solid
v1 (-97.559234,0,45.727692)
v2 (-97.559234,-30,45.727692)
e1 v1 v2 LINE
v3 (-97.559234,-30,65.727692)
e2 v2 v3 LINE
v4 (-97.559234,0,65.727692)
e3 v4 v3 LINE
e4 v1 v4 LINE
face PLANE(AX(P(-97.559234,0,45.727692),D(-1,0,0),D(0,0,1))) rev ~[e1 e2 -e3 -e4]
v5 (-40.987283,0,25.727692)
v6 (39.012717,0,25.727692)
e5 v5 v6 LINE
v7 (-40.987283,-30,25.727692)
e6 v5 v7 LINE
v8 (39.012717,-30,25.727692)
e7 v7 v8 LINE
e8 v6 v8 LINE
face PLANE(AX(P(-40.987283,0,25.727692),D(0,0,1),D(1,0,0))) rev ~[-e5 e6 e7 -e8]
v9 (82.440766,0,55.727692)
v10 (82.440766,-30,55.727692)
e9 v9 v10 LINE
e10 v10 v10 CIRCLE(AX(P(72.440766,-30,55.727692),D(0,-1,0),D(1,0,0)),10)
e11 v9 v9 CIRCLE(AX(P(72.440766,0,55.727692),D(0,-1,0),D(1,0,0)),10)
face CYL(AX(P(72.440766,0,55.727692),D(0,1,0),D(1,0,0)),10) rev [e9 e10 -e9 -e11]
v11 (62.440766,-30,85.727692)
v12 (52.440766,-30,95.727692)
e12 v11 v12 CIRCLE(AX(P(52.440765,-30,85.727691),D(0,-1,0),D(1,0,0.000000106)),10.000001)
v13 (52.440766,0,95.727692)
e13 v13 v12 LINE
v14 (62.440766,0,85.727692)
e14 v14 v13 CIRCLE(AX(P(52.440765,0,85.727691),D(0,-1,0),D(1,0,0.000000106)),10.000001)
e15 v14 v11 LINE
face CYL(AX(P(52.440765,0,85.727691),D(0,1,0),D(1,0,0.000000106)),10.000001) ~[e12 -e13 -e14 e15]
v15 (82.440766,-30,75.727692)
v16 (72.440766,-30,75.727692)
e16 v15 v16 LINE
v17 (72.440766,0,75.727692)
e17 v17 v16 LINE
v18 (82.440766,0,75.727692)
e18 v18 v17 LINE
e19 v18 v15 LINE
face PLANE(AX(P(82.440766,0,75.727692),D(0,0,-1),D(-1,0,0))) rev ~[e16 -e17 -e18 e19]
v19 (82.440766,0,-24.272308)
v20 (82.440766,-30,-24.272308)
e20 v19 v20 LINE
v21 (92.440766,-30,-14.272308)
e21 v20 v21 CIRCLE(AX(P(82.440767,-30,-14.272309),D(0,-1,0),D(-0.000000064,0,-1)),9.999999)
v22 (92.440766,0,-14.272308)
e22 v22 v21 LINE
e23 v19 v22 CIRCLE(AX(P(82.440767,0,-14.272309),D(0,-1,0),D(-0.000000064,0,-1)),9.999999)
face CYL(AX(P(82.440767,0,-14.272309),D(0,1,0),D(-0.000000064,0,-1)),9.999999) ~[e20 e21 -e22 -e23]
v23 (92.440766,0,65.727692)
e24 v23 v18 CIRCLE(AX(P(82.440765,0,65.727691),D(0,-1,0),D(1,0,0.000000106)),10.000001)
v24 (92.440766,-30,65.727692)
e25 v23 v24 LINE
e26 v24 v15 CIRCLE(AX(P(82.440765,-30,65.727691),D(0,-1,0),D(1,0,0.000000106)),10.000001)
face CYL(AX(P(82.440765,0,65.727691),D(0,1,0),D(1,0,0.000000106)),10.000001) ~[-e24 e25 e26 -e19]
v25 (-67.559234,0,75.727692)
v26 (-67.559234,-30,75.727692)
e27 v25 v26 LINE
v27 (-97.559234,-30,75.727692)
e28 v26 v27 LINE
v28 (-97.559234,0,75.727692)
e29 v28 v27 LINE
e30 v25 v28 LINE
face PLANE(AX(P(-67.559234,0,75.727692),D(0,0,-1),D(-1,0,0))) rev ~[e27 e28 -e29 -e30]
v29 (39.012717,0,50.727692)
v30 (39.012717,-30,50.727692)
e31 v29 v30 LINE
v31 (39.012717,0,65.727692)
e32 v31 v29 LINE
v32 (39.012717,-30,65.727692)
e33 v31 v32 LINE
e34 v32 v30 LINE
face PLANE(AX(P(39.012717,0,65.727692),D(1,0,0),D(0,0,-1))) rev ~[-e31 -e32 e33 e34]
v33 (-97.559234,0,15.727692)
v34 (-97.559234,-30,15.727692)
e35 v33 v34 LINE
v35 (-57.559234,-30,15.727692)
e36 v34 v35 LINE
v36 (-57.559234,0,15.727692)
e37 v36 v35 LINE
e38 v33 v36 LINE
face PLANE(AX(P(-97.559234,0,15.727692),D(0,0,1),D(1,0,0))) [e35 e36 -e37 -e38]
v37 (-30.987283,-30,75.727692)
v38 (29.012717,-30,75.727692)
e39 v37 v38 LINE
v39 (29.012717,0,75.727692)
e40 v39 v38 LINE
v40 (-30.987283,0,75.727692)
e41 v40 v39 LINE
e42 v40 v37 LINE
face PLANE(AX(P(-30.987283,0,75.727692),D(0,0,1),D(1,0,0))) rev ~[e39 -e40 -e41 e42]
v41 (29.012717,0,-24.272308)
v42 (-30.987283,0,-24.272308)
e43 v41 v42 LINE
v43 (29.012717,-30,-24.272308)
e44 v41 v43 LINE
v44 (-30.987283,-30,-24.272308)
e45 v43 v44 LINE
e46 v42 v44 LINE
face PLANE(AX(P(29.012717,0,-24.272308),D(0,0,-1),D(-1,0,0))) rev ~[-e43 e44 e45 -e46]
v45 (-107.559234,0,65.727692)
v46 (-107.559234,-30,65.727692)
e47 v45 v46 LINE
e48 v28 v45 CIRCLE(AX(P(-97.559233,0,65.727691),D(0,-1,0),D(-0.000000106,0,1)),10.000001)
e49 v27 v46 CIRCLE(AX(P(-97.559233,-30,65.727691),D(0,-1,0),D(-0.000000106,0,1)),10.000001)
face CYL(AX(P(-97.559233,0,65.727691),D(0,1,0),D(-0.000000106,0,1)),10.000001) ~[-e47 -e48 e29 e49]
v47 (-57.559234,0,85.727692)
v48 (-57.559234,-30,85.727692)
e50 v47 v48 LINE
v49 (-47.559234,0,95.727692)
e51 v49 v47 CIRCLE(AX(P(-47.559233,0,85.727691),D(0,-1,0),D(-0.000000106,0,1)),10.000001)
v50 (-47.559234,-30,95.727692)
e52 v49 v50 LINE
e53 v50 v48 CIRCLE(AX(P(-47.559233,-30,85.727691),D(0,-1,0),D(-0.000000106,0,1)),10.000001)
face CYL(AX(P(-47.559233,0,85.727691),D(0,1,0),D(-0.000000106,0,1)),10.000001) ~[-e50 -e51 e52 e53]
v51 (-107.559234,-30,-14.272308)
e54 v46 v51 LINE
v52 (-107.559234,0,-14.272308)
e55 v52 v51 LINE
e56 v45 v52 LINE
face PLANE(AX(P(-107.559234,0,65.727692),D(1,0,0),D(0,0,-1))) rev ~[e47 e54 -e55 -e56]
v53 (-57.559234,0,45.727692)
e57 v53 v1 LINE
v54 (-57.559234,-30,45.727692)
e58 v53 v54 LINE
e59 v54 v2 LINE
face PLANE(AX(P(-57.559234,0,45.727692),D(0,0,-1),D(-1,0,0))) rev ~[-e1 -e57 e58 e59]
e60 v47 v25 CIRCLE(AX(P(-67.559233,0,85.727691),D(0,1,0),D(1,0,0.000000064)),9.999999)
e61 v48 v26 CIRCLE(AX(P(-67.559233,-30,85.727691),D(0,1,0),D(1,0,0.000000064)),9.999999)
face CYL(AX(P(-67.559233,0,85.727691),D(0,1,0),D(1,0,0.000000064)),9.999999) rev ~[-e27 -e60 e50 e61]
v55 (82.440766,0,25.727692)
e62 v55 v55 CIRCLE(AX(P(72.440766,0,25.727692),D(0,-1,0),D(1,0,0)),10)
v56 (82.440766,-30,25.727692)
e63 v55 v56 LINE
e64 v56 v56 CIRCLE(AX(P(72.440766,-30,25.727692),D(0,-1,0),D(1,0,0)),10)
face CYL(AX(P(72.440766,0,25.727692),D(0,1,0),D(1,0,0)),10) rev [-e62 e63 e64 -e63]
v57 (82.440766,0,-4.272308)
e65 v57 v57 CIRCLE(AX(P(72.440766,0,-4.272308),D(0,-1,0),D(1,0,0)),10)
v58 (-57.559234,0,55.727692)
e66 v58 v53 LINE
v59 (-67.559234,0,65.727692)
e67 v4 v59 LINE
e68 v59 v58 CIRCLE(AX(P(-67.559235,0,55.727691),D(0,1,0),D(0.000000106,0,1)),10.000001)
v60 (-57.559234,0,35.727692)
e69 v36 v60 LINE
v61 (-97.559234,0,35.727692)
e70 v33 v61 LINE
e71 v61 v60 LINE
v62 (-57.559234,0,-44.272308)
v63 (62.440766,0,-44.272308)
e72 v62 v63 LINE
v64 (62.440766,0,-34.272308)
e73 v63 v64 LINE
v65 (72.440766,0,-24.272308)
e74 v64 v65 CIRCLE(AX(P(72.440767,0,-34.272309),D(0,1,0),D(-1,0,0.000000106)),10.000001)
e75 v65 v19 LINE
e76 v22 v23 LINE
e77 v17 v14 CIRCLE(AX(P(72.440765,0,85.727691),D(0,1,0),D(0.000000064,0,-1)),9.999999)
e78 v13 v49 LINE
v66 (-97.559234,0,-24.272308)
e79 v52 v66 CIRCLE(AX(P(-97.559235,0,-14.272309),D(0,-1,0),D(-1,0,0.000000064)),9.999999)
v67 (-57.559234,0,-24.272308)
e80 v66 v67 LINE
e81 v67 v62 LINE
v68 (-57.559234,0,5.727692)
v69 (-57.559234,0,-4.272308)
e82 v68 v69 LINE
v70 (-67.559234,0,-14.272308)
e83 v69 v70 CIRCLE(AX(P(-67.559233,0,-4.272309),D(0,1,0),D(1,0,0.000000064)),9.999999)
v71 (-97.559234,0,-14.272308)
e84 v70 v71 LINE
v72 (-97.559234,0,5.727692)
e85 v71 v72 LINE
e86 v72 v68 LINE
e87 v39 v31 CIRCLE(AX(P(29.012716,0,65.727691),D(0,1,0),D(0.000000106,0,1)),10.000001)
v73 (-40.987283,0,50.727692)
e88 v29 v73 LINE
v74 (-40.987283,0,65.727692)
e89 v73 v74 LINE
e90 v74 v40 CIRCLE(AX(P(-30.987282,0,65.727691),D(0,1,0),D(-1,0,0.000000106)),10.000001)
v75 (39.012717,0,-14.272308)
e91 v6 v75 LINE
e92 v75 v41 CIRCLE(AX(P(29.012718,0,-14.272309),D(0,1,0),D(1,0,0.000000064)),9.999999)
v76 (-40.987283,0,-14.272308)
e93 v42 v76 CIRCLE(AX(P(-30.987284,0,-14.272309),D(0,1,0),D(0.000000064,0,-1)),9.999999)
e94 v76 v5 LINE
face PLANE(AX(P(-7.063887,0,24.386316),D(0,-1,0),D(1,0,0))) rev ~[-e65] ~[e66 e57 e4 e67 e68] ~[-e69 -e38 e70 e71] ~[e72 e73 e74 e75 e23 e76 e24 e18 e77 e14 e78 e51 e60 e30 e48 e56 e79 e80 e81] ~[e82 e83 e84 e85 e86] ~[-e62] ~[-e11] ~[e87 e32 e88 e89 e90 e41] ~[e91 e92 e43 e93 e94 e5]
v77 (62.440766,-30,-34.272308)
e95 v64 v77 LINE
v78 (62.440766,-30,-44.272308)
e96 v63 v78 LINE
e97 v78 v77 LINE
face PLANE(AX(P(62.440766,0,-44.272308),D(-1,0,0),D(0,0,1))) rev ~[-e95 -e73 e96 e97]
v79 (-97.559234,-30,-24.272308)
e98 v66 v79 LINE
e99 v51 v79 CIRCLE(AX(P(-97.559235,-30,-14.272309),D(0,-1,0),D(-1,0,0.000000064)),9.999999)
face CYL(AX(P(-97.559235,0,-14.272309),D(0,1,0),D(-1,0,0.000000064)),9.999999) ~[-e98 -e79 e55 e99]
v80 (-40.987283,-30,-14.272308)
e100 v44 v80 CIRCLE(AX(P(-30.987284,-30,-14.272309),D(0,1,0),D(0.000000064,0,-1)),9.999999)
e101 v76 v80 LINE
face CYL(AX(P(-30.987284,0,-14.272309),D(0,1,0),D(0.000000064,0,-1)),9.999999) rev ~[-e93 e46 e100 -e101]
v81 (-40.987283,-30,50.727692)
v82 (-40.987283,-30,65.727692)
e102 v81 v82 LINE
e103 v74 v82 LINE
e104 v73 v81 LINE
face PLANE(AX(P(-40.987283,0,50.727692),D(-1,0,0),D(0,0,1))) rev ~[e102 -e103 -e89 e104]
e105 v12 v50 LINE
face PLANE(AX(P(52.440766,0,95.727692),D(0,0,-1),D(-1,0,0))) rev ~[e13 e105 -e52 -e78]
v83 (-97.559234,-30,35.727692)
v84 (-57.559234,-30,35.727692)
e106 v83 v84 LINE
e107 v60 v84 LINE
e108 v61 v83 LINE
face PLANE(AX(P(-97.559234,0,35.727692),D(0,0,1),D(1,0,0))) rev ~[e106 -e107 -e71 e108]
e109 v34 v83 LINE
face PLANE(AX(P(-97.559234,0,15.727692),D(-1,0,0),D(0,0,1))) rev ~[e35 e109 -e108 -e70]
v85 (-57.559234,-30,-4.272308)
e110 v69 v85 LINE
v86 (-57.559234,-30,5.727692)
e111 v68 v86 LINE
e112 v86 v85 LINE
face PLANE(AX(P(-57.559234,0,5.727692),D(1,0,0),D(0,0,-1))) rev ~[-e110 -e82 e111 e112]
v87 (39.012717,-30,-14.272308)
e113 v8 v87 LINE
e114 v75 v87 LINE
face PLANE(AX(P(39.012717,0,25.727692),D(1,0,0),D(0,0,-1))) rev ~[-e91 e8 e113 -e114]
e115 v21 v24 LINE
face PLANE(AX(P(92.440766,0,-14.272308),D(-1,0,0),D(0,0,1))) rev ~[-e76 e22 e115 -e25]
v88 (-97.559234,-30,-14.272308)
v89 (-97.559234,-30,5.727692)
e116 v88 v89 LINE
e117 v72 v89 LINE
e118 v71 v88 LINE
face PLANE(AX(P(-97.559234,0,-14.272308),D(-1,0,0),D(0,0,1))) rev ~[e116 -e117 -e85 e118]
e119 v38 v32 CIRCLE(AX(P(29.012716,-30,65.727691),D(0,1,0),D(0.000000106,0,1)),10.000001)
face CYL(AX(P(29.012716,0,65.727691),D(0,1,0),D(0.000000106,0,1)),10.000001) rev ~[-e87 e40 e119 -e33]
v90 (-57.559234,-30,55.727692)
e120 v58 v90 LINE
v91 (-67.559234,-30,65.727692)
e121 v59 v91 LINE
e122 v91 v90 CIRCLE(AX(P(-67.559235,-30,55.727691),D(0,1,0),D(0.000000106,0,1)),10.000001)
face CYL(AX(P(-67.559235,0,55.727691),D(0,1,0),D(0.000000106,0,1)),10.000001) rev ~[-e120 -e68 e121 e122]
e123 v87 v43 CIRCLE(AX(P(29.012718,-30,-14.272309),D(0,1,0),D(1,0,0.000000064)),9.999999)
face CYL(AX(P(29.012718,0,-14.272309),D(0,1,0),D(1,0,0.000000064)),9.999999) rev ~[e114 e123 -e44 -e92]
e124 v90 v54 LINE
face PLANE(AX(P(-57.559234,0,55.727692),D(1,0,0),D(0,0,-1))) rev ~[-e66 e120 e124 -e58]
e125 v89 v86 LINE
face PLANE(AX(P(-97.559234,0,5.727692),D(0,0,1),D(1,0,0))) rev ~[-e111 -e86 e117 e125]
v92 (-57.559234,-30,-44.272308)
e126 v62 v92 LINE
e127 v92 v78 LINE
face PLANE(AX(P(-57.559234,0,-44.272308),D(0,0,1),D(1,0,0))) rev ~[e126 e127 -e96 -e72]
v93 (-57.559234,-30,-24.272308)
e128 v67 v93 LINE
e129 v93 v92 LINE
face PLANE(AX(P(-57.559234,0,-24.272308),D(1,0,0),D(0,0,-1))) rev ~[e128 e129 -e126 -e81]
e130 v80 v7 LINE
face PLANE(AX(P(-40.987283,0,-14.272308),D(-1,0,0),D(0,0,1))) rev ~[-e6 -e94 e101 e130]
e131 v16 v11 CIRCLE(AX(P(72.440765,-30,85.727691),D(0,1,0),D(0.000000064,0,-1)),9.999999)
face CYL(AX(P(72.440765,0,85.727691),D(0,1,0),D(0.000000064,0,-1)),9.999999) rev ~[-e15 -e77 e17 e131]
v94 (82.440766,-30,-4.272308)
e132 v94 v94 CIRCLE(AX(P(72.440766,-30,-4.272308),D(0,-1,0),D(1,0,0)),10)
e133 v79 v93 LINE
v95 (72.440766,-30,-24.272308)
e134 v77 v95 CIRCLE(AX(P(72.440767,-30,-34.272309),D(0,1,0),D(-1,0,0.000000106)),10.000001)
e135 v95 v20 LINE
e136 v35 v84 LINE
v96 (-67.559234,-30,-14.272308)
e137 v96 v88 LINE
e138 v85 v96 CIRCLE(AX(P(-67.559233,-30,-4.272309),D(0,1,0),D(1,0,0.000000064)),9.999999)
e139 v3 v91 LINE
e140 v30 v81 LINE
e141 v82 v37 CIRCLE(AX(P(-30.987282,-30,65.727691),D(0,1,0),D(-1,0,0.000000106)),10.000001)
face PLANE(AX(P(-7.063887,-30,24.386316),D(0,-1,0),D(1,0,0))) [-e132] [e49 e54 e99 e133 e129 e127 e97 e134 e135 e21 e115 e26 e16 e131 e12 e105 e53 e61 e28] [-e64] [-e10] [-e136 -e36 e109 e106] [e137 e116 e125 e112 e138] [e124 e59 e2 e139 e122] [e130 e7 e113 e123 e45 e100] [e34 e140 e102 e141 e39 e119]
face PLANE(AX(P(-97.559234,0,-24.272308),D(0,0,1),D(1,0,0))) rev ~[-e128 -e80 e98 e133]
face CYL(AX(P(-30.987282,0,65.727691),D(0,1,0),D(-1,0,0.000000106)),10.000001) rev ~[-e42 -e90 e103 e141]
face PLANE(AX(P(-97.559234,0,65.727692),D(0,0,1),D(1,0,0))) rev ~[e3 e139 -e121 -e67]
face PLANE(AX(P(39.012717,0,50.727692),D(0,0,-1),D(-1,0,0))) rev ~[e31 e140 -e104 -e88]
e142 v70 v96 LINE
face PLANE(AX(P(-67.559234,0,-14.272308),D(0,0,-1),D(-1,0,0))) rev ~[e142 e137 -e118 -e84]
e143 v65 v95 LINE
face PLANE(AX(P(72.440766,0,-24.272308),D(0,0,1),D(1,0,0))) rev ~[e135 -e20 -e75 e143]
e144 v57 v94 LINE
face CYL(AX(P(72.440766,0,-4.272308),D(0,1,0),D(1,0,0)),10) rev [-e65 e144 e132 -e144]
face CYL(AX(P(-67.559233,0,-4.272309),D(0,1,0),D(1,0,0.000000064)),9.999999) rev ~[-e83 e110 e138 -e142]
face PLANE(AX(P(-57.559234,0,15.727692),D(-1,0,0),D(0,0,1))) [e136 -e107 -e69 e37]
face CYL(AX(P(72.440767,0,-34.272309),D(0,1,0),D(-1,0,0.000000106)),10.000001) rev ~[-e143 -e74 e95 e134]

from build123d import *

# Parameters (mm, degrees)
F0_R     = 10
F0_W     = 40
F0_H     = 20
F1_DEPTH = 30


with BuildPart() as f1:
    # F0 (on Front) → F1 (new body)
    with BuildSketch(Plane.XZ):
        with BuildLine():
            Line((-57.559234, -24.272308), (-57.559234, -44.272308))
            Line((-57.559234, -44.272308), (62.440766, -44.272308))
            Line((62.440766, -44.272308), (62.440766, -34.272308))
            ThreePointArc((62.440766, -34.272308), (65.369698, -27.201241), (72.440766, -24.272308))
            Line((72.440766, -24.272308), (82.440766, -24.272308))
            ThreePointArc((82.440766, -24.272308), (89.511834, -21.343376), (92.440766, -14.272308))
            Line((92.440766, -14.272308), (92.440766, 65.727692))
            ThreePointArc((92.440766, 65.727692), (89.511834, 72.798759), (82.440766, 75.727692))
            Line((82.440766, 75.727692), (72.440766, 75.727692))
            ThreePointArc((72.440766, 75.727692), (65.369698, 78.656624), (62.440766, 85.727692))
            ThreePointArc((62.440766, 85.727692), (59.511834, 92.798759), (52.440766, 95.727692))
            Line((52.440766, 95.727692), (-47.559234, 95.727692))
            ThreePointArc((-47.559234, 95.727692), (-54.630302, 92.798759), (-57.559234, 85.727692))
            ThreePointArc((-57.559234, 85.727692), (-60.488166, 78.656624), (-67.559234, 75.727692))
            Line((-67.559234, 75.727692), (-97.559234, 75.727692))
            ThreePointArc((-97.559234, 75.727692), (-104.630302, 72.798759), (-107.559234, 65.727692))
            Line((-107.559234, 65.727692), (-107.559234, -14.272308))
            ThreePointArc((-107.559234, -14.272308), (-104.630302, -21.343376), (-97.559234, -24.272308))
            Line((-97.559234, -24.272308), (-57.559234, -24.272308))
        make_face()
        with BuildLine():
            Line((-97.559234, -14.272308), (-97.559234, 5.727692))
            Line((-97.559234, 5.727692), (-57.559234, 5.727692))
            Line((-57.559234, 5.727692), (-57.559234, -4.272308))
            ThreePointArc((-57.559234, -4.272308), (-60.488166, -11.343376), (-67.559234, -14.272308))
            Line((-67.559234, -14.272308), (-97.559234, -14.272308))
        make_face(mode=Mode.SUBTRACT)
        with BuildLine():
            Line((-40.987283, -14.272308), (-40.987283, 25.727692))
            Line((-40.987283, 25.727692), (39.012717, 25.727692))
            Line((39.012717, 25.727692), (39.012717, -14.272308))
            ThreePointArc((39.012717, -14.272308), (36.083785, -21.343376), (29.012717, -24.272308))
            Line((29.012717, -24.272308), (-30.987283, -24.272308))
            ThreePointArc((-30.987283, -24.272308), (-38.058351, -21.343376), (-40.987283, -14.272308))
        make_face(mode=Mode.SUBTRACT)
        with Locations((72.440766, -4.272308)):
            Circle(F0_R, mode=Mode.SUBTRACT)
        with Locations((-77.559234, 25.727692)):
            Rectangle(F0_W, F0_H, mode=Mode.SUBTRACT)
        with BuildLine():
            Line((-97.559234, 45.727692), (-97.559234, 65.727692))
            Line((-97.559234, 65.727692), (-67.559234, 65.727692))
            ThreePointArc((-67.559234, 65.727692), (-60.488166, 62.798759), (-57.559234, 55.727692))
            Line((-57.559234, 55.727692), (-57.559234, 45.727692))
            Line((-57.559234, 45.727692), (-97.559234, 45.727692))
        make_face(mode=Mode.SUBTRACT)
        with Locations((72.440766, 25.727692)):
            Circle(F0_R, mode=Mode.SUBTRACT)
        with Locations((72.440766, 55.727692)):
            Circle(F0_R, mode=Mode.SUBTRACT)
        with BuildLine():
            ThreePointArc((-40.987283, 65.727692), (-38.058351, 72.798759), (-30.987283, 75.727692))
            Line((-30.987283, 75.727692), (29.012717, 75.727692))
            ThreePointArc((29.012717, 75.727692), (36.083785, 72.798759), (39.012717, 65.727692))
            Line((39.012717, 65.727692), (39.012717, 50.727692))
            Line((39.012717, 50.727692), (-40.987283, 50.727692))
            Line((-40.987283, 50.727692), (-40.987283, 65.727692))
        make_face(mode=Mode.SUBTRACT)
    extrude(amount=F1_DEPTH)


solid = f1.part
